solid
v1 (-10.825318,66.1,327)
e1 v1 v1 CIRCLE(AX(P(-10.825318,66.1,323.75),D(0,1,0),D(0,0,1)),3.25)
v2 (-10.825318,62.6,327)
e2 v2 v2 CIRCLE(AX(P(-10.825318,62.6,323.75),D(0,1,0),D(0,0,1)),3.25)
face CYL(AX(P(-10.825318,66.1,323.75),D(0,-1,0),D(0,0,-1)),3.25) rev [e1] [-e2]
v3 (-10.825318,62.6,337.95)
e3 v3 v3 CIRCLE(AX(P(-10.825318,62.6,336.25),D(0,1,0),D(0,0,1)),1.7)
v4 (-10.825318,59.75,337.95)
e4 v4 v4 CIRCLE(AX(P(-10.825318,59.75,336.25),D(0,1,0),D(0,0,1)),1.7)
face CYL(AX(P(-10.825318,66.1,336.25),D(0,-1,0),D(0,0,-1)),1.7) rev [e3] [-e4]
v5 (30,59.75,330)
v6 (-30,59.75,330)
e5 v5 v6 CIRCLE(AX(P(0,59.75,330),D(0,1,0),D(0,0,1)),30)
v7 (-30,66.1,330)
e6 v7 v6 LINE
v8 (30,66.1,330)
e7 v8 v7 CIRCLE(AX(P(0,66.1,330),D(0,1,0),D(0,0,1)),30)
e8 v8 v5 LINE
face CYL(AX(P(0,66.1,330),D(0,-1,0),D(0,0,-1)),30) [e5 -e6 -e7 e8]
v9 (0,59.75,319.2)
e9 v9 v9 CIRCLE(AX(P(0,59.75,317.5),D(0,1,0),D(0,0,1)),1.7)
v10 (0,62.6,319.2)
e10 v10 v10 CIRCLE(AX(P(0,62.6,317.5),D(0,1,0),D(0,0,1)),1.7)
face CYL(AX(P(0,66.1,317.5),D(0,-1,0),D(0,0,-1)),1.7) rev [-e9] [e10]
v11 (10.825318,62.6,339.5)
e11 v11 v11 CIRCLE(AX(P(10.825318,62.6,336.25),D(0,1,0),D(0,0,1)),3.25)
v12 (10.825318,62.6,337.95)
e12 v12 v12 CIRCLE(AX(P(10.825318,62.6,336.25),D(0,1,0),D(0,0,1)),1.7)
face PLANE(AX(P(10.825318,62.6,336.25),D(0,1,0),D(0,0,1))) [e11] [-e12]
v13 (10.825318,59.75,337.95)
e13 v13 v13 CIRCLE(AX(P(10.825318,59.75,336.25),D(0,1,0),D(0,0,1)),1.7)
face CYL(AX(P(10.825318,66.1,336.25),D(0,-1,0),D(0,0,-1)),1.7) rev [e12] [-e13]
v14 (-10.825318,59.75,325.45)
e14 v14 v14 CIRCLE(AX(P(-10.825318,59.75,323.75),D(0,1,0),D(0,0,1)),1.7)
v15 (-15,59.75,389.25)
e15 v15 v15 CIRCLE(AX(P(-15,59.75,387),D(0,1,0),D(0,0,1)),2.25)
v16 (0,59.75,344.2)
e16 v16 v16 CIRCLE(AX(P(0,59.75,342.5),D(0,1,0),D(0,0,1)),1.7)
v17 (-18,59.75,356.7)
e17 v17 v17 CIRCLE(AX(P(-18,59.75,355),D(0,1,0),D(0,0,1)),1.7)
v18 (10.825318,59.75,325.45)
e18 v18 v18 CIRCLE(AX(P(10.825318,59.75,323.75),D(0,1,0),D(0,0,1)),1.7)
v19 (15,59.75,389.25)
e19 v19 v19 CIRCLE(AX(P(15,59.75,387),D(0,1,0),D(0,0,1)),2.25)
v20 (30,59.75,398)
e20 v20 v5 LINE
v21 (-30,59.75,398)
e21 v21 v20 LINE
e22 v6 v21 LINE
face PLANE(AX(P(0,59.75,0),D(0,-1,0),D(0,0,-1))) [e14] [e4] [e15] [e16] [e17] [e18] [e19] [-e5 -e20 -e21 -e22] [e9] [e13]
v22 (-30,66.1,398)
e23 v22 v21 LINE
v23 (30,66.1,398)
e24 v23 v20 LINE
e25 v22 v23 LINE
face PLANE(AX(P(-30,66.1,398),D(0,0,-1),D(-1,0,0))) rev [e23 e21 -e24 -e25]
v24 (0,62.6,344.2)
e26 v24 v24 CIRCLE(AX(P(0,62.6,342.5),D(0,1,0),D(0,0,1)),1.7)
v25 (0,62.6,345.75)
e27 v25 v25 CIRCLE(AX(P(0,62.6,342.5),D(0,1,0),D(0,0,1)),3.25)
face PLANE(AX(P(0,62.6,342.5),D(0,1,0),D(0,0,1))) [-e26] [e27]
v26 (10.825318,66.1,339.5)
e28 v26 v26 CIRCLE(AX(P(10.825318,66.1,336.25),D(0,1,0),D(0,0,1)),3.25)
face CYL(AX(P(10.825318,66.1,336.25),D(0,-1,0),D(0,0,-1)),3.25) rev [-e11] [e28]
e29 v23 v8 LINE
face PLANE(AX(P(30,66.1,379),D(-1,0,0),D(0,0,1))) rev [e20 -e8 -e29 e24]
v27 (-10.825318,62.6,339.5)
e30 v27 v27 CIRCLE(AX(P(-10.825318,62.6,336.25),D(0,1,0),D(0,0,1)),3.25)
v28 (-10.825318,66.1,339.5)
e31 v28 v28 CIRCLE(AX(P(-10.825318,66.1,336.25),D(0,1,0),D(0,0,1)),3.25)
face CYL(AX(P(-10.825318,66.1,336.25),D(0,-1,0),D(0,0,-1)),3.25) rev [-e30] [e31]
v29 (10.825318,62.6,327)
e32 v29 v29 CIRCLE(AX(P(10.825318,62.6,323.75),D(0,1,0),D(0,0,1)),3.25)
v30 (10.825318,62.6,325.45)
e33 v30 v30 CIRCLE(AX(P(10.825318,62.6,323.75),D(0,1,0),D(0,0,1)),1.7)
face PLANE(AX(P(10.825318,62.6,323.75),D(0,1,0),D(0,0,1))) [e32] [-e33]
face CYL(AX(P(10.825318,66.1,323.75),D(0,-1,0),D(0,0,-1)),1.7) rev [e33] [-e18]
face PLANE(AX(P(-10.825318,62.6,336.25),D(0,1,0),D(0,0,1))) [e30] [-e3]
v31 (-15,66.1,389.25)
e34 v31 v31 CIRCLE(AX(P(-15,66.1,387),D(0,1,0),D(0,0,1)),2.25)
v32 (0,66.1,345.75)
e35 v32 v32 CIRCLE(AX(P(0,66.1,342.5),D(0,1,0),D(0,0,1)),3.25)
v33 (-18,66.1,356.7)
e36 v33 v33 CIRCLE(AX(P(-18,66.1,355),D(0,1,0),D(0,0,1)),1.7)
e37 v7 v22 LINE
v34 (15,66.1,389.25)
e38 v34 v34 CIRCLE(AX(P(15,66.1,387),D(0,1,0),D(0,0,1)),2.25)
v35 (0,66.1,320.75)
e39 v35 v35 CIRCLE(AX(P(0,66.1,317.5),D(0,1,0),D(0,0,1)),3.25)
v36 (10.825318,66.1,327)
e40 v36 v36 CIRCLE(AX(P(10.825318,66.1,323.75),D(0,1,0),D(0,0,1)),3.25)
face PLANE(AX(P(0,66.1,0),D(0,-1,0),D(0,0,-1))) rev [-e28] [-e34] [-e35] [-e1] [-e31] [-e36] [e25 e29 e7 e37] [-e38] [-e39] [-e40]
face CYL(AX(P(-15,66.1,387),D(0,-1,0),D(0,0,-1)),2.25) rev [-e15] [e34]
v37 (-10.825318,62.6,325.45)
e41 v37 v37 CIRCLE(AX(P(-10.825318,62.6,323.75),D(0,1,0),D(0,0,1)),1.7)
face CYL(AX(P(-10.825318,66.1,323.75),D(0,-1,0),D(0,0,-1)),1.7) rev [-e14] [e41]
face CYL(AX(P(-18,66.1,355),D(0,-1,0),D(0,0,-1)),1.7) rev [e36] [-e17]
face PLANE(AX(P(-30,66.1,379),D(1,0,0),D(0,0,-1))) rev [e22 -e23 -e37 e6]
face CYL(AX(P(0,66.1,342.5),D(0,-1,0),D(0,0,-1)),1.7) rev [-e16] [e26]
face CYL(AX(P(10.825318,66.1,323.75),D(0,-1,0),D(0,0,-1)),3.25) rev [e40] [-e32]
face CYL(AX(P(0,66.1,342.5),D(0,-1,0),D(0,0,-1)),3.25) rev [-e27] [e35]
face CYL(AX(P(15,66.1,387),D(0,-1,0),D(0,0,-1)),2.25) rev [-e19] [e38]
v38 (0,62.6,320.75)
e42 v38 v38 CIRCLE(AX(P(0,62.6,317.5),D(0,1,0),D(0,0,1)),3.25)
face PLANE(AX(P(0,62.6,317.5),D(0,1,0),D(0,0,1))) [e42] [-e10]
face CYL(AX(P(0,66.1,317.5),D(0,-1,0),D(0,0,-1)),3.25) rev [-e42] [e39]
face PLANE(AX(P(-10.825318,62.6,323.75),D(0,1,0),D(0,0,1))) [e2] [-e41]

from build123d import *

# Parameters (mm, degrees)
PLACA_START               = 59.75
SK_PLACA_W                = 60
SK_PLACA_H                = 49
PLACA_DEPTH               = 6.35
EXTREMO_START             = 59.75
SK_EXTREMO_R              = 30
EXTREMO_DEPTH             = 6.35
PASANTES_M3_CUBO_J3_START = 59.75
SK_PASANTES_M3_CUBO_J3_R  = 1.7
PASANTES_M3_CUBO_J3_DEPTH = 6.35
CAJAS_M3_J3_START         = 62.6
SK_CAJAS_M3_J3_R          = 3.25
CAJAS_M3_J3_DEPTH         = 3.5
EXTENSION_PESTANAS_START  = 59.75
SK_EXTENSION_PESTANAS_W   = 60
SK_EXTENSION_PESTANAS_H   = 19
EXTENSION_PESTANAS_DEPTH  = 6.35
PASANTES_M4_REPISA_START  = 59.75
SK_PASANTES_M4_REPISA_R   = 2.25
PASANTES_M4_REPISA_DEPTH  = 6.35
PASANTE_M3_CINCHO_START   = 59.75
SK_PASANTE_M3_CINCHO_R    = 1.7
PASANTE_M3_CINCHO_DEPTH   = 6.35


with BuildPart() as part:
    # Sk_Placa → Placa (new body)
    with BuildSketch(Plane(origin=(0, 0, 0), x_dir=(1, 0, 0), z_dir=(0, 1, 0)).offset(PLACA_START)):
        with Locations((0, -354.5)):
            Rectangle(SK_PLACA_W, SK_PLACA_H)
    extrude(amount=PLACA_DEPTH)

    # Sk_Extremo → Extremo (add)
    with BuildSketch(Plane(origin=(0, 0, 0), x_dir=(1, 0, 0), z_dir=(0, 1, 0)).offset(EXTREMO_START)):
        with Locations((0, -330)):
            Circle(SK_EXTREMO_R)
    extrude(amount=EXTREMO_DEPTH)

    # Sk_Pasantes_M3_cubo_J3 → Pasantes_M3_cubo_J3 (cut)
    with BuildSketch(Plane(origin=(0, 0, 0), x_dir=(1, 0, 0), z_dir=(0, 1, 0)).offset(PASANTES_M3_CUBO_J3_START)):
        with Locations(Location((10.825317547, -336.25, 0), (0, 0, 270))):
            Circle(SK_PASANTES_M3_CUBO_J3_R)
        with Locations(Location((0, -342.5, 0), (0, 0, 270))):
            Circle(SK_PASANTES_M3_CUBO_J3_R)
        with Locations(Location((-10.825317547, -336.25, 0), (0, 0, 270))):
            Circle(SK_PASANTES_M3_CUBO_J3_R)
        with Locations(Location((-10.825317547, -323.75, 0), (0, 0, 270))):
            Circle(SK_PASANTES_M3_CUBO_J3_R)
        with Locations(Location((0, -317.5, 0), (0, 0, 270))):
            Circle(SK_PASANTES_M3_CUBO_J3_R)
        with Locations(Location((10.825317547, -323.75, 0), (0, 0, 270))):
            Circle(SK_PASANTES_M3_CUBO_J3_R)
    extrude(amount=PASANTES_M3_CUBO_J3_DEPTH, mode=Mode.SUBTRACT)

    # Sk_Cajas_M3_J3 → Cajas_M3_J3 (cut)
    with BuildSketch(Plane(origin=(0, 0, 0), x_dir=(1, 0, 0), z_dir=(0, 1, 0)).offset(CAJAS_M3_J3_START)):
        with Locations(Location((10.825317547, -336.25, 0), (0, 0, 270))):
            Circle(SK_CAJAS_M3_J3_R)
        with Locations(Location((0, -342.5, 0), (0, 0, 270))):
            Circle(SK_CAJAS_M3_J3_R)
        with Locations(Location((-10.825317547, -336.25, 0), (0, 0, 270))):
            Circle(SK_CAJAS_M3_J3_R)
        with Locations(Location((-10.825317547, -323.75, 0), (0, 0, 270))):
            Circle(SK_CAJAS_M3_J3_R)
        with Locations(Location((0, -317.5, 0), (0, 0, 270))):
            Circle(SK_CAJAS_M3_J3_R)
        with Locations(Location((10.825317547, -323.75, 0), (0, 0, 270))):
            Circle(SK_CAJAS_M3_J3_R)
    extrude(amount=CAJAS_M3_J3_DEPTH, mode=Mode.SUBTRACT)

    # Sk_Extension_pestanas → Extension_pestanas (add)
    with BuildSketch(Plane(origin=(0, 0, 0), x_dir=(1, 0, 0), z_dir=(0, 1, 0)).offset(EXTENSION_PESTANAS_START)):
        with Locations((0, -388.5)):
            Rectangle(SK_EXTENSION_PESTANAS_W, SK_EXTENSION_PESTANAS_H)
    extrude(amount=EXTENSION_PESTANAS_DEPTH)

    # Sk_Pasantes_M4_repisa → Pasantes_M4_repisa (cut)
    with BuildSketch(Plane(origin=(0, 0, 0), x_dir=(1, 0, 0), z_dir=(0, 1, 0)).offset(PASANTES_M4_REPISA_START)):
        with Locations(Location((-15, -387, 0), (0, 0, 270))):
            Circle(SK_PASANTES_M4_REPISA_R)
        with Locations(Location((15, -387, 0), (0, 0, 270))):
            Circle(SK_PASANTES_M4_REPISA_R)
    extrude(amount=PASANTES_M4_REPISA_DEPTH, mode=Mode.SUBTRACT)

    # Sk_Pasante_M3_cincho → Pasante_M3_cincho (cut)
    with BuildSketch(Plane(origin=(0, 0, 0), x_dir=(1, 0, 0), z_dir=(0, 1, 0)).offset(PASANTE_M3_CINCHO_START)):
        with Locations(Location((-18, -355, 0), (0, 0, 270))):
            Circle(SK_PASANTE_M3_CINCHO_R)
    extrude(amount=PASANTE_M3_CINCHO_DEPTH, mode=Mode.SUBTRACT)


solid = part.part
